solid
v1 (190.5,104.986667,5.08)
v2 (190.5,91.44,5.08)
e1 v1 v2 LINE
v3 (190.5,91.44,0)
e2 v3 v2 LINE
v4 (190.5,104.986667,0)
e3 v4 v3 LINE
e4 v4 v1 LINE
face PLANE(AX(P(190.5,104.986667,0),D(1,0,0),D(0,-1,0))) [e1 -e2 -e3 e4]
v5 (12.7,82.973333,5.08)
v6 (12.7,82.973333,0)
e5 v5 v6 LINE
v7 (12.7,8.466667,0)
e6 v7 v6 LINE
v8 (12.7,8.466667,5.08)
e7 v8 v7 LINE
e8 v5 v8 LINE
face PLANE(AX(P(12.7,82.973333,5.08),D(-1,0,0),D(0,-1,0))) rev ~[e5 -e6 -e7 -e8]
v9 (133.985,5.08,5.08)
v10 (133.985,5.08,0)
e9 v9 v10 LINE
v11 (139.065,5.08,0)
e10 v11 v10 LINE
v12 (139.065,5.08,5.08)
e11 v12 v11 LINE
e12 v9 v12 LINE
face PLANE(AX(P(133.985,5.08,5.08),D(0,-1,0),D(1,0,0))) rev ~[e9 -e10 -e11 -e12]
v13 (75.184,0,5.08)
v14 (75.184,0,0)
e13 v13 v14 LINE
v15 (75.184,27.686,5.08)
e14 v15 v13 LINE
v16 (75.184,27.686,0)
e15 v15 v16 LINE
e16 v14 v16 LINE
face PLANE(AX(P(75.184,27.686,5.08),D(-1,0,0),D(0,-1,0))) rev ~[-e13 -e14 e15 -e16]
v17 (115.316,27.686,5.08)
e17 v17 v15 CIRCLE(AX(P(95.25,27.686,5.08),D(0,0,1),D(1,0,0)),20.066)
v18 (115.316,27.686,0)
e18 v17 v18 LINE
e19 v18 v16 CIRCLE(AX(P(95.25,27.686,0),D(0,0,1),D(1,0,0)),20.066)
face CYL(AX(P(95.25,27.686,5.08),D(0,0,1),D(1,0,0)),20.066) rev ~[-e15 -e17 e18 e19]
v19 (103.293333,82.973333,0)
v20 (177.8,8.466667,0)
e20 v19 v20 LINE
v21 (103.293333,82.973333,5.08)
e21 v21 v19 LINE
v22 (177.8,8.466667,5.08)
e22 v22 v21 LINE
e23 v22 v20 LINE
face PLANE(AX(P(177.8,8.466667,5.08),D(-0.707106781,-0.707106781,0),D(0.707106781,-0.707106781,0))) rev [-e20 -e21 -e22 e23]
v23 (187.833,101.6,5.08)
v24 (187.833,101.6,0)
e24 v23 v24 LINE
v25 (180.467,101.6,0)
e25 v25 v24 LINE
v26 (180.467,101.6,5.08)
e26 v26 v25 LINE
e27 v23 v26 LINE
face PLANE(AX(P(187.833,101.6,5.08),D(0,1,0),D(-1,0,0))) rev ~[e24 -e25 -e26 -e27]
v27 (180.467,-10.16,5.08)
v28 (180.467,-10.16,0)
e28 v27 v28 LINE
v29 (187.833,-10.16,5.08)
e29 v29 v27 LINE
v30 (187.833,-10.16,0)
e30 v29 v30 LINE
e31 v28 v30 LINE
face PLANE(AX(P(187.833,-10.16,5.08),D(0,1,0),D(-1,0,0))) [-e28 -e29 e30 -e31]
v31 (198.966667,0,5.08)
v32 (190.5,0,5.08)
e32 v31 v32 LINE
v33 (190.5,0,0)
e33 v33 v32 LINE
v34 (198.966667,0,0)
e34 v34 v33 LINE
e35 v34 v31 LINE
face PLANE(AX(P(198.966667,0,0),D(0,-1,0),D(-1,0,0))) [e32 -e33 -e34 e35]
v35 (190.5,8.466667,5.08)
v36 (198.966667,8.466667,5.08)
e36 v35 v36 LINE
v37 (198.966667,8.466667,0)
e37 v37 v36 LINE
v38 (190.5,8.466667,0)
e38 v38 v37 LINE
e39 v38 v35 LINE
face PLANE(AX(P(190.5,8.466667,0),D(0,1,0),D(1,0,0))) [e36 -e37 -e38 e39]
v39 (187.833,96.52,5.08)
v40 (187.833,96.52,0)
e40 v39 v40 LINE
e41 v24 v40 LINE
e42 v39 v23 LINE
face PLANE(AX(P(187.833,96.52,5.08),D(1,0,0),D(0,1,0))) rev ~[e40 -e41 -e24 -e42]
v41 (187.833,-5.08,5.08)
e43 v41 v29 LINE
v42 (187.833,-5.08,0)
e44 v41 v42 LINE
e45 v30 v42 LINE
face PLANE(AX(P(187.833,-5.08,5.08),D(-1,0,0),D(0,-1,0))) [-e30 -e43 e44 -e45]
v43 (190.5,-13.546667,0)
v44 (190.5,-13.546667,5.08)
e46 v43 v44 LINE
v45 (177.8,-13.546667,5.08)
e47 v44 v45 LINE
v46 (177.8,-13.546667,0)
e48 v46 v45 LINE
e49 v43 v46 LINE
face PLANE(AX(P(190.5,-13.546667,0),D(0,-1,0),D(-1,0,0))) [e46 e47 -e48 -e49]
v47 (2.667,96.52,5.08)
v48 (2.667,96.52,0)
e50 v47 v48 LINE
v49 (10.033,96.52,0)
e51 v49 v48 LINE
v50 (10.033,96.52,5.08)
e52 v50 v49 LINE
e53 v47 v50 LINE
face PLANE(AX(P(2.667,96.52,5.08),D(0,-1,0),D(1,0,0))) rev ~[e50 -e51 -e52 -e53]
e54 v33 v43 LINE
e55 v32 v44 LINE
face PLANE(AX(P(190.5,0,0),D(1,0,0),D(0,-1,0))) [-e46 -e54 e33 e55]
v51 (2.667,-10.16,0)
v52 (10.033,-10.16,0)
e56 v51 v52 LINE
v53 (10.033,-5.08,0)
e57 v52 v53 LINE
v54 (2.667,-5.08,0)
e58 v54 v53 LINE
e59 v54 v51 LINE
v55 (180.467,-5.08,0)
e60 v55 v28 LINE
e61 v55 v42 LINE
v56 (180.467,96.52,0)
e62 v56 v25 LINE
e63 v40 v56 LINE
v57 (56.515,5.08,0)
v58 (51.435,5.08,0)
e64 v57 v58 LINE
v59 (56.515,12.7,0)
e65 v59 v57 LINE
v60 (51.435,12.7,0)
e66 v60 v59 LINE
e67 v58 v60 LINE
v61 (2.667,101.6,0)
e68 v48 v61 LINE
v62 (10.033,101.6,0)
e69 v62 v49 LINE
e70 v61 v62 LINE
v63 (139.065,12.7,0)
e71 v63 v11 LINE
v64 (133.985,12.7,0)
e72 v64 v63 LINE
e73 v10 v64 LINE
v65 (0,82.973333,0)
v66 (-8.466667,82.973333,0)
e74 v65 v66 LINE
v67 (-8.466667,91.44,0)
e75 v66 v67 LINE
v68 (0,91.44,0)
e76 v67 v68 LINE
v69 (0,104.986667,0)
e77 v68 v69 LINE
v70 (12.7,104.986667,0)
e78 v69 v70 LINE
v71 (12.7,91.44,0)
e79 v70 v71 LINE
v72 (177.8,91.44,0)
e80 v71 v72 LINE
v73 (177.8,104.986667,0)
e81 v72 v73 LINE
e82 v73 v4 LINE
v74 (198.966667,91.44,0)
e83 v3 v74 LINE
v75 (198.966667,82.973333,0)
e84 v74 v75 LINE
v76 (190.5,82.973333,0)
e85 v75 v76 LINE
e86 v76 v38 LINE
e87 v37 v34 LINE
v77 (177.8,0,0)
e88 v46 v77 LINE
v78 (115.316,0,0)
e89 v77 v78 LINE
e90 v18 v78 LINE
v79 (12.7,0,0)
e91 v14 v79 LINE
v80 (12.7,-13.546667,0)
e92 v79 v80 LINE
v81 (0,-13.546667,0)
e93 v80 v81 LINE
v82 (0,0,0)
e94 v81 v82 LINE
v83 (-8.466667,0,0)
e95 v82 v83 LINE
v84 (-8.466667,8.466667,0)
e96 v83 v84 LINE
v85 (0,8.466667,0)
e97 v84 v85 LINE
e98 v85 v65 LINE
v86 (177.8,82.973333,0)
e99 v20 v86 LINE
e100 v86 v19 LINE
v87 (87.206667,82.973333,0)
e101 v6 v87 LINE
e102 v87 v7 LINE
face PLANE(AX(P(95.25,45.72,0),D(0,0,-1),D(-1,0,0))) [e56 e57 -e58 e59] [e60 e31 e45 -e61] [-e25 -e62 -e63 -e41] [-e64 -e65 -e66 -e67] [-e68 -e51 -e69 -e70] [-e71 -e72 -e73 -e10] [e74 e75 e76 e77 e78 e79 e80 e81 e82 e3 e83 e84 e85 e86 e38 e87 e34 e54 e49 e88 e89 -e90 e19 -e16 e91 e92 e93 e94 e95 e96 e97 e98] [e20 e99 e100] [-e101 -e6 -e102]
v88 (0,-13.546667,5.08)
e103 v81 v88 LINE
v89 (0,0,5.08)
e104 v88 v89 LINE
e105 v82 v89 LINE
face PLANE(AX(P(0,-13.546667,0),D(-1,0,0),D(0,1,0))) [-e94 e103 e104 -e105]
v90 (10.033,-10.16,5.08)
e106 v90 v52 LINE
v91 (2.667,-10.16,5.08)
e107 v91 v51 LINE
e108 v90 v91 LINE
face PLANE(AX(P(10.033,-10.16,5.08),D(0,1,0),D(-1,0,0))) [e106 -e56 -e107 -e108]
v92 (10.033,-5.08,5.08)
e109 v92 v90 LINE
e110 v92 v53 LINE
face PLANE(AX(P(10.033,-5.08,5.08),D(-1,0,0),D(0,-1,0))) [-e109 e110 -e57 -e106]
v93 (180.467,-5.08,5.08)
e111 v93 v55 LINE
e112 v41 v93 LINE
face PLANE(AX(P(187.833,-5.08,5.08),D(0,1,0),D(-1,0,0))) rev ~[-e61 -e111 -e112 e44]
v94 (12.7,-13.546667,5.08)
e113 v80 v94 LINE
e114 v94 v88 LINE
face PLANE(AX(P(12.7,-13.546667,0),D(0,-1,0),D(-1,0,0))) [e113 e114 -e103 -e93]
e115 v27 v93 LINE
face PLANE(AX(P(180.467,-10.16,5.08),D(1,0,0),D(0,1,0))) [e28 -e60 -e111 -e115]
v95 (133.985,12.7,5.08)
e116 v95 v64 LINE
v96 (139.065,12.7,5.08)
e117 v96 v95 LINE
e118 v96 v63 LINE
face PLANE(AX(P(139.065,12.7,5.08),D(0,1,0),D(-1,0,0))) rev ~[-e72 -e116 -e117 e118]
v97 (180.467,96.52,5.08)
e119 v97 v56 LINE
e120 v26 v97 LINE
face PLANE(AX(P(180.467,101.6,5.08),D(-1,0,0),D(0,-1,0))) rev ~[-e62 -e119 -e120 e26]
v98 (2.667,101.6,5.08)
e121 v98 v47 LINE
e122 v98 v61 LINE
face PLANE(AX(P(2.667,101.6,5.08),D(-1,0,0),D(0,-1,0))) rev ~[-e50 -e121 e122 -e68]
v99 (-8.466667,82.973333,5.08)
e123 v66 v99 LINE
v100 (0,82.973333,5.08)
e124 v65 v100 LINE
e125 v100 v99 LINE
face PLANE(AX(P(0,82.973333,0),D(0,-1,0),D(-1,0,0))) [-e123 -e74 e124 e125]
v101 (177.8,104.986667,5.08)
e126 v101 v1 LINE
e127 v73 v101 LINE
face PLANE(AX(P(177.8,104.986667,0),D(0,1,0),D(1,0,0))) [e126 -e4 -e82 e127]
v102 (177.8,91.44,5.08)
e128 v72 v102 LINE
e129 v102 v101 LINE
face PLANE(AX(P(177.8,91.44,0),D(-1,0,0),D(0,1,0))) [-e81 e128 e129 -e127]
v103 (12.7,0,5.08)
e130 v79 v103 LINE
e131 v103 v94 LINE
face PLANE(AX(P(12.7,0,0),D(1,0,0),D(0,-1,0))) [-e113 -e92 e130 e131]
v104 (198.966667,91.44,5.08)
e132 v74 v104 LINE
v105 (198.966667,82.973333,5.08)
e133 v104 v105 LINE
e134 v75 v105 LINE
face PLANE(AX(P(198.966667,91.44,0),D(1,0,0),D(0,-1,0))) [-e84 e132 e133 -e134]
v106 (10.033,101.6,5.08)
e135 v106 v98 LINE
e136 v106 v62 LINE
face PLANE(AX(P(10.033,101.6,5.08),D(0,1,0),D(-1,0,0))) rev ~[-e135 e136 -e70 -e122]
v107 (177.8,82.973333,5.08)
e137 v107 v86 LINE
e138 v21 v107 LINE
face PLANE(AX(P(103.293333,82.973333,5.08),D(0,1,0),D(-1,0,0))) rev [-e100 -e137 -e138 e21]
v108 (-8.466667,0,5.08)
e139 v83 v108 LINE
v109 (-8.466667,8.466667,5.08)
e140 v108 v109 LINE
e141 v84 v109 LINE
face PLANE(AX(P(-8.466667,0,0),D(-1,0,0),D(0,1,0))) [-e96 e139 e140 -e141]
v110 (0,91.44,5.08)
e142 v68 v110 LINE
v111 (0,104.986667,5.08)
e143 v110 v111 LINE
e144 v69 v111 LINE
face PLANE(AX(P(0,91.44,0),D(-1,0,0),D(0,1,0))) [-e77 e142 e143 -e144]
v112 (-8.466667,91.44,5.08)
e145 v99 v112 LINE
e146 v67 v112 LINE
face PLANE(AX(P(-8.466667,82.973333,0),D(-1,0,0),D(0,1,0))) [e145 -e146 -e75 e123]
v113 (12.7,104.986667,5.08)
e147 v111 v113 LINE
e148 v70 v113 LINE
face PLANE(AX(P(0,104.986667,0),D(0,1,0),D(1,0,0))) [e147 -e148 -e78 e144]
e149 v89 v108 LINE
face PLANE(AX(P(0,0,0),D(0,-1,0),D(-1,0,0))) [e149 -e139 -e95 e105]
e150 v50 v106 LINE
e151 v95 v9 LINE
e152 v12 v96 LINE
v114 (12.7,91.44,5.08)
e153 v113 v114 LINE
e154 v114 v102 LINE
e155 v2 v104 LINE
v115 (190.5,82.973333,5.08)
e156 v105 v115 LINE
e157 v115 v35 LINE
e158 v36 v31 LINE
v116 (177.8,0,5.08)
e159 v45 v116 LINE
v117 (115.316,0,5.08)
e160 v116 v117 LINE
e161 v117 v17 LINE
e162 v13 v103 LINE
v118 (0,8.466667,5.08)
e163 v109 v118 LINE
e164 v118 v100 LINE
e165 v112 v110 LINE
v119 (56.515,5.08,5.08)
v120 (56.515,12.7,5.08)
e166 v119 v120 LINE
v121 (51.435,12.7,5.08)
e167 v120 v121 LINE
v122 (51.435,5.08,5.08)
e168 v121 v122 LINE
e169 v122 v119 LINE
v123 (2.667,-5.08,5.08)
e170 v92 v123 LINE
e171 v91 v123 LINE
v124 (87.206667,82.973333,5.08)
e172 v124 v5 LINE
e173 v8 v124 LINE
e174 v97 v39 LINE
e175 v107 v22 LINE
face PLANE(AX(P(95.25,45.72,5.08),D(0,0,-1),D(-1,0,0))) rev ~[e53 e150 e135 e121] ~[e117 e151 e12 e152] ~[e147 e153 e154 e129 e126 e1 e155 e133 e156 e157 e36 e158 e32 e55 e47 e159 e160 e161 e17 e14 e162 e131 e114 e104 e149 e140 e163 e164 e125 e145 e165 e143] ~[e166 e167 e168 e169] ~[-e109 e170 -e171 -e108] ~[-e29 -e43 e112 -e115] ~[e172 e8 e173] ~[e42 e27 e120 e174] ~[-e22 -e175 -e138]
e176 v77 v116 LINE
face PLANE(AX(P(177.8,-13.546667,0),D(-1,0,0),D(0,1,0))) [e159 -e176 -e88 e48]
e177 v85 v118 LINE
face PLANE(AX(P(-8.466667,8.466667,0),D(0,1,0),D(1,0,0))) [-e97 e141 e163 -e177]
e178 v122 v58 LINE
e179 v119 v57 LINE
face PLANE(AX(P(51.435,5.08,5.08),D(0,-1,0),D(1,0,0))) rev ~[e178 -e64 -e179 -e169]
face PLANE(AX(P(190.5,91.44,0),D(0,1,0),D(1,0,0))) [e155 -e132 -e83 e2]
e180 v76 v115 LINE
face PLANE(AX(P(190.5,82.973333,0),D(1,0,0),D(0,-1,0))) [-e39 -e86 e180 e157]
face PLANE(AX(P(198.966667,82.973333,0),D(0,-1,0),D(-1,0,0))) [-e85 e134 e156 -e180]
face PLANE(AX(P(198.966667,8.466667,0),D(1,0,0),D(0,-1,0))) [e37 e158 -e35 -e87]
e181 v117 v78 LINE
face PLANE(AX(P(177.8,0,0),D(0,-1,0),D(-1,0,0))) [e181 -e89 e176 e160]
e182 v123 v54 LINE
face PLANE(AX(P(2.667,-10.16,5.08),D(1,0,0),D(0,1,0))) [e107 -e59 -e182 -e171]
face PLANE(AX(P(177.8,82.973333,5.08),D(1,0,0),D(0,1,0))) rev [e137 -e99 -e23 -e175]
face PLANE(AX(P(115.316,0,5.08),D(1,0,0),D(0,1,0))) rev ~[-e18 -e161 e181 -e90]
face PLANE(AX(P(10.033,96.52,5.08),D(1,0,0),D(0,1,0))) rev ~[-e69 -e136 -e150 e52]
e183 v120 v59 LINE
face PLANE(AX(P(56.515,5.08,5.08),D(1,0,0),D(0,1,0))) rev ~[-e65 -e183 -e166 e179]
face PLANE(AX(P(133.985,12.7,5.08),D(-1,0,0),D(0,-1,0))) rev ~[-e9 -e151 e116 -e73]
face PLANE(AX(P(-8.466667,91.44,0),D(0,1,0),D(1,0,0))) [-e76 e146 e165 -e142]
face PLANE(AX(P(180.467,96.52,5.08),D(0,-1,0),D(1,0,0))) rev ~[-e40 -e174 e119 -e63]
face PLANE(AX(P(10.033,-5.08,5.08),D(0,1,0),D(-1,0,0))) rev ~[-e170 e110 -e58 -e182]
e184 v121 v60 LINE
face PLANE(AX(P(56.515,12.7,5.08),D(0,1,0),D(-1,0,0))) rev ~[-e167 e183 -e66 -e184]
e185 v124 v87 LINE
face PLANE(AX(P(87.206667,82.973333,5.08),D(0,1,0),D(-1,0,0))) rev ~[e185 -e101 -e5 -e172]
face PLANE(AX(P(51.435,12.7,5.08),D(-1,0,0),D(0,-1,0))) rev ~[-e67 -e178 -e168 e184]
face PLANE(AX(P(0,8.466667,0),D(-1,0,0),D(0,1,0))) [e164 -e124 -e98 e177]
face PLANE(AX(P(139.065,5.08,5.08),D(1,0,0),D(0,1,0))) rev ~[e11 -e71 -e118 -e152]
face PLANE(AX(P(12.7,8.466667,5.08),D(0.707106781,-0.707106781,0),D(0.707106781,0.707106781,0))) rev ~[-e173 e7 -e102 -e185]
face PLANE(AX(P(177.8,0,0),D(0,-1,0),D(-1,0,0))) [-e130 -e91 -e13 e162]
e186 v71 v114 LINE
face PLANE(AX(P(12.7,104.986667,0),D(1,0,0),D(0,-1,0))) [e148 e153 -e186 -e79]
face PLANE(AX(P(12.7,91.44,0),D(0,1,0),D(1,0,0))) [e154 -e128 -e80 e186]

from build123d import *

# Parameters (mm, degrees)
BOSS_EXTRUDE1_DEPTH = 5.08
CUT_EXTRUDE2_DEPTH  = 226.023867672
CUT_EXTRUDE4_DEPTH  = 226.023867672
CUT_EXTRUDE5_DEPTH  = 226.023867672
CUT_EXTRUDE6_DEPTH  = 226.023867672


with BuildPart() as part:
    # Sketch1 → Boss-Extrude1 (new body)
    with BuildSketch(Plane.XY):
        Polygon((198.966666667, 91.44), (198.966666667, 82.973333333), (190.5, 82.973333333), (190.5, 8.466666667), (198.966666667, 8.466666667), (198.966666667, 0), (190.5, 0), (190.5, -13.546666667), (177.8, -13.546666667), (177.8, 0), (12.7, 0), (12.7, -13.546666667), (0, -13.546666667), (0, 0), (-8.466666667, 0), (-8.466666667, 8.466666667), (0, 8.466666667), (0, 82.973333333), (-8.466666667, 82.973333333), (-8.466666667, 91.44), (0, 91.44), (0, 104.986666667), (12.7, 104.986666667), (12.7, 91.44), (177.8, 91.44), (177.8, 104.986666667), (190.5, 104.986666667), (190.5, 91.44), align=None)
    extrude(amount=BOSS_EXTRUDE1_DEPTH)

    # Sketch2 → Cut-Extrude2 (cut, through all)
    with BuildSketch(Plane.XY.offset(5.08)):
        with BuildLine():
            Line((95.25, 0), (115.316, 0))
            Line((115.316, 0), (115.316, 27.686))
            ThreePointArc((115.316, 27.686), (95.25, 47.752), (75.184, 27.686))
            Line((75.184, 27.686), (75.184, 0))
            Line((75.184, 0), (95.25, 0))
        make_face()
    extrude(amount=-CUT_EXTRUDE2_DEPTH, mode=Mode.SUBTRACT)

    # Sketch3 → Cut-Extrude4 (cut, through all)
    with BuildSketch(Plane.XY.offset(5.08)):
        Polygon((6.35, 96.52), (10.033, 96.52), (10.033, 101.6), (2.667, 101.6), (2.667, 96.52), align=None)
        Polygon((184.15, 96.52), (187.833, 96.52), (187.833, 101.6), (180.467, 101.6), (180.467, 96.52), align=None)
        Polygon((184.15, -5.08), (187.833, -5.08), (187.833, -10.16), (180.467, -10.16), (180.467, -5.08), align=None)
        Polygon((6.35, -5.08), (10.033, -5.08), (10.033, -10.16), (2.667, -10.16), (2.667, -5.08), align=None)
    extrude(amount=-CUT_EXTRUDE4_DEPTH, mode=Mode.SUBTRACT)

    # Sketch4 → Cut-Extrude5 (cut, through all)
    with BuildSketch(Plane.XY.offset(5.08)):
        Polygon((136.525, 5.08), (139.065, 5.08), (139.065, 12.7), (133.985, 12.7), (133.985, 5.08), align=None)
        Polygon((53.975, 5.08), (56.515, 5.08), (56.515, 12.7), (51.435, 12.7), (51.435, 5.08), align=None)
    extrude(amount=-CUT_EXTRUDE5_DEPTH, mode=Mode.SUBTRACT)

    # Sketch5 → Cut-Extrude6 (cut, through all)
    with BuildSketch(Plane.XY.offset(5.08)):
        Polygon((12.7, 82.973333333), (12.7, 8.466666667), (87.206666667, 82.973333333), align=None)
    cut_extrude6 = extrude(amount=-CUT_EXTRUDE6_DEPTH, mode=Mode.SUBTRACT)

    # Mirror1: Cut-Extrude6 across plane
    add(cut_extrude6.mirror(Plane(origin=(95.25, 0, 0), x_dir=(0, 0, 1), z_dir=(1, 0, 0))), mode=Mode.SUBTRACT)


solid = part.part
